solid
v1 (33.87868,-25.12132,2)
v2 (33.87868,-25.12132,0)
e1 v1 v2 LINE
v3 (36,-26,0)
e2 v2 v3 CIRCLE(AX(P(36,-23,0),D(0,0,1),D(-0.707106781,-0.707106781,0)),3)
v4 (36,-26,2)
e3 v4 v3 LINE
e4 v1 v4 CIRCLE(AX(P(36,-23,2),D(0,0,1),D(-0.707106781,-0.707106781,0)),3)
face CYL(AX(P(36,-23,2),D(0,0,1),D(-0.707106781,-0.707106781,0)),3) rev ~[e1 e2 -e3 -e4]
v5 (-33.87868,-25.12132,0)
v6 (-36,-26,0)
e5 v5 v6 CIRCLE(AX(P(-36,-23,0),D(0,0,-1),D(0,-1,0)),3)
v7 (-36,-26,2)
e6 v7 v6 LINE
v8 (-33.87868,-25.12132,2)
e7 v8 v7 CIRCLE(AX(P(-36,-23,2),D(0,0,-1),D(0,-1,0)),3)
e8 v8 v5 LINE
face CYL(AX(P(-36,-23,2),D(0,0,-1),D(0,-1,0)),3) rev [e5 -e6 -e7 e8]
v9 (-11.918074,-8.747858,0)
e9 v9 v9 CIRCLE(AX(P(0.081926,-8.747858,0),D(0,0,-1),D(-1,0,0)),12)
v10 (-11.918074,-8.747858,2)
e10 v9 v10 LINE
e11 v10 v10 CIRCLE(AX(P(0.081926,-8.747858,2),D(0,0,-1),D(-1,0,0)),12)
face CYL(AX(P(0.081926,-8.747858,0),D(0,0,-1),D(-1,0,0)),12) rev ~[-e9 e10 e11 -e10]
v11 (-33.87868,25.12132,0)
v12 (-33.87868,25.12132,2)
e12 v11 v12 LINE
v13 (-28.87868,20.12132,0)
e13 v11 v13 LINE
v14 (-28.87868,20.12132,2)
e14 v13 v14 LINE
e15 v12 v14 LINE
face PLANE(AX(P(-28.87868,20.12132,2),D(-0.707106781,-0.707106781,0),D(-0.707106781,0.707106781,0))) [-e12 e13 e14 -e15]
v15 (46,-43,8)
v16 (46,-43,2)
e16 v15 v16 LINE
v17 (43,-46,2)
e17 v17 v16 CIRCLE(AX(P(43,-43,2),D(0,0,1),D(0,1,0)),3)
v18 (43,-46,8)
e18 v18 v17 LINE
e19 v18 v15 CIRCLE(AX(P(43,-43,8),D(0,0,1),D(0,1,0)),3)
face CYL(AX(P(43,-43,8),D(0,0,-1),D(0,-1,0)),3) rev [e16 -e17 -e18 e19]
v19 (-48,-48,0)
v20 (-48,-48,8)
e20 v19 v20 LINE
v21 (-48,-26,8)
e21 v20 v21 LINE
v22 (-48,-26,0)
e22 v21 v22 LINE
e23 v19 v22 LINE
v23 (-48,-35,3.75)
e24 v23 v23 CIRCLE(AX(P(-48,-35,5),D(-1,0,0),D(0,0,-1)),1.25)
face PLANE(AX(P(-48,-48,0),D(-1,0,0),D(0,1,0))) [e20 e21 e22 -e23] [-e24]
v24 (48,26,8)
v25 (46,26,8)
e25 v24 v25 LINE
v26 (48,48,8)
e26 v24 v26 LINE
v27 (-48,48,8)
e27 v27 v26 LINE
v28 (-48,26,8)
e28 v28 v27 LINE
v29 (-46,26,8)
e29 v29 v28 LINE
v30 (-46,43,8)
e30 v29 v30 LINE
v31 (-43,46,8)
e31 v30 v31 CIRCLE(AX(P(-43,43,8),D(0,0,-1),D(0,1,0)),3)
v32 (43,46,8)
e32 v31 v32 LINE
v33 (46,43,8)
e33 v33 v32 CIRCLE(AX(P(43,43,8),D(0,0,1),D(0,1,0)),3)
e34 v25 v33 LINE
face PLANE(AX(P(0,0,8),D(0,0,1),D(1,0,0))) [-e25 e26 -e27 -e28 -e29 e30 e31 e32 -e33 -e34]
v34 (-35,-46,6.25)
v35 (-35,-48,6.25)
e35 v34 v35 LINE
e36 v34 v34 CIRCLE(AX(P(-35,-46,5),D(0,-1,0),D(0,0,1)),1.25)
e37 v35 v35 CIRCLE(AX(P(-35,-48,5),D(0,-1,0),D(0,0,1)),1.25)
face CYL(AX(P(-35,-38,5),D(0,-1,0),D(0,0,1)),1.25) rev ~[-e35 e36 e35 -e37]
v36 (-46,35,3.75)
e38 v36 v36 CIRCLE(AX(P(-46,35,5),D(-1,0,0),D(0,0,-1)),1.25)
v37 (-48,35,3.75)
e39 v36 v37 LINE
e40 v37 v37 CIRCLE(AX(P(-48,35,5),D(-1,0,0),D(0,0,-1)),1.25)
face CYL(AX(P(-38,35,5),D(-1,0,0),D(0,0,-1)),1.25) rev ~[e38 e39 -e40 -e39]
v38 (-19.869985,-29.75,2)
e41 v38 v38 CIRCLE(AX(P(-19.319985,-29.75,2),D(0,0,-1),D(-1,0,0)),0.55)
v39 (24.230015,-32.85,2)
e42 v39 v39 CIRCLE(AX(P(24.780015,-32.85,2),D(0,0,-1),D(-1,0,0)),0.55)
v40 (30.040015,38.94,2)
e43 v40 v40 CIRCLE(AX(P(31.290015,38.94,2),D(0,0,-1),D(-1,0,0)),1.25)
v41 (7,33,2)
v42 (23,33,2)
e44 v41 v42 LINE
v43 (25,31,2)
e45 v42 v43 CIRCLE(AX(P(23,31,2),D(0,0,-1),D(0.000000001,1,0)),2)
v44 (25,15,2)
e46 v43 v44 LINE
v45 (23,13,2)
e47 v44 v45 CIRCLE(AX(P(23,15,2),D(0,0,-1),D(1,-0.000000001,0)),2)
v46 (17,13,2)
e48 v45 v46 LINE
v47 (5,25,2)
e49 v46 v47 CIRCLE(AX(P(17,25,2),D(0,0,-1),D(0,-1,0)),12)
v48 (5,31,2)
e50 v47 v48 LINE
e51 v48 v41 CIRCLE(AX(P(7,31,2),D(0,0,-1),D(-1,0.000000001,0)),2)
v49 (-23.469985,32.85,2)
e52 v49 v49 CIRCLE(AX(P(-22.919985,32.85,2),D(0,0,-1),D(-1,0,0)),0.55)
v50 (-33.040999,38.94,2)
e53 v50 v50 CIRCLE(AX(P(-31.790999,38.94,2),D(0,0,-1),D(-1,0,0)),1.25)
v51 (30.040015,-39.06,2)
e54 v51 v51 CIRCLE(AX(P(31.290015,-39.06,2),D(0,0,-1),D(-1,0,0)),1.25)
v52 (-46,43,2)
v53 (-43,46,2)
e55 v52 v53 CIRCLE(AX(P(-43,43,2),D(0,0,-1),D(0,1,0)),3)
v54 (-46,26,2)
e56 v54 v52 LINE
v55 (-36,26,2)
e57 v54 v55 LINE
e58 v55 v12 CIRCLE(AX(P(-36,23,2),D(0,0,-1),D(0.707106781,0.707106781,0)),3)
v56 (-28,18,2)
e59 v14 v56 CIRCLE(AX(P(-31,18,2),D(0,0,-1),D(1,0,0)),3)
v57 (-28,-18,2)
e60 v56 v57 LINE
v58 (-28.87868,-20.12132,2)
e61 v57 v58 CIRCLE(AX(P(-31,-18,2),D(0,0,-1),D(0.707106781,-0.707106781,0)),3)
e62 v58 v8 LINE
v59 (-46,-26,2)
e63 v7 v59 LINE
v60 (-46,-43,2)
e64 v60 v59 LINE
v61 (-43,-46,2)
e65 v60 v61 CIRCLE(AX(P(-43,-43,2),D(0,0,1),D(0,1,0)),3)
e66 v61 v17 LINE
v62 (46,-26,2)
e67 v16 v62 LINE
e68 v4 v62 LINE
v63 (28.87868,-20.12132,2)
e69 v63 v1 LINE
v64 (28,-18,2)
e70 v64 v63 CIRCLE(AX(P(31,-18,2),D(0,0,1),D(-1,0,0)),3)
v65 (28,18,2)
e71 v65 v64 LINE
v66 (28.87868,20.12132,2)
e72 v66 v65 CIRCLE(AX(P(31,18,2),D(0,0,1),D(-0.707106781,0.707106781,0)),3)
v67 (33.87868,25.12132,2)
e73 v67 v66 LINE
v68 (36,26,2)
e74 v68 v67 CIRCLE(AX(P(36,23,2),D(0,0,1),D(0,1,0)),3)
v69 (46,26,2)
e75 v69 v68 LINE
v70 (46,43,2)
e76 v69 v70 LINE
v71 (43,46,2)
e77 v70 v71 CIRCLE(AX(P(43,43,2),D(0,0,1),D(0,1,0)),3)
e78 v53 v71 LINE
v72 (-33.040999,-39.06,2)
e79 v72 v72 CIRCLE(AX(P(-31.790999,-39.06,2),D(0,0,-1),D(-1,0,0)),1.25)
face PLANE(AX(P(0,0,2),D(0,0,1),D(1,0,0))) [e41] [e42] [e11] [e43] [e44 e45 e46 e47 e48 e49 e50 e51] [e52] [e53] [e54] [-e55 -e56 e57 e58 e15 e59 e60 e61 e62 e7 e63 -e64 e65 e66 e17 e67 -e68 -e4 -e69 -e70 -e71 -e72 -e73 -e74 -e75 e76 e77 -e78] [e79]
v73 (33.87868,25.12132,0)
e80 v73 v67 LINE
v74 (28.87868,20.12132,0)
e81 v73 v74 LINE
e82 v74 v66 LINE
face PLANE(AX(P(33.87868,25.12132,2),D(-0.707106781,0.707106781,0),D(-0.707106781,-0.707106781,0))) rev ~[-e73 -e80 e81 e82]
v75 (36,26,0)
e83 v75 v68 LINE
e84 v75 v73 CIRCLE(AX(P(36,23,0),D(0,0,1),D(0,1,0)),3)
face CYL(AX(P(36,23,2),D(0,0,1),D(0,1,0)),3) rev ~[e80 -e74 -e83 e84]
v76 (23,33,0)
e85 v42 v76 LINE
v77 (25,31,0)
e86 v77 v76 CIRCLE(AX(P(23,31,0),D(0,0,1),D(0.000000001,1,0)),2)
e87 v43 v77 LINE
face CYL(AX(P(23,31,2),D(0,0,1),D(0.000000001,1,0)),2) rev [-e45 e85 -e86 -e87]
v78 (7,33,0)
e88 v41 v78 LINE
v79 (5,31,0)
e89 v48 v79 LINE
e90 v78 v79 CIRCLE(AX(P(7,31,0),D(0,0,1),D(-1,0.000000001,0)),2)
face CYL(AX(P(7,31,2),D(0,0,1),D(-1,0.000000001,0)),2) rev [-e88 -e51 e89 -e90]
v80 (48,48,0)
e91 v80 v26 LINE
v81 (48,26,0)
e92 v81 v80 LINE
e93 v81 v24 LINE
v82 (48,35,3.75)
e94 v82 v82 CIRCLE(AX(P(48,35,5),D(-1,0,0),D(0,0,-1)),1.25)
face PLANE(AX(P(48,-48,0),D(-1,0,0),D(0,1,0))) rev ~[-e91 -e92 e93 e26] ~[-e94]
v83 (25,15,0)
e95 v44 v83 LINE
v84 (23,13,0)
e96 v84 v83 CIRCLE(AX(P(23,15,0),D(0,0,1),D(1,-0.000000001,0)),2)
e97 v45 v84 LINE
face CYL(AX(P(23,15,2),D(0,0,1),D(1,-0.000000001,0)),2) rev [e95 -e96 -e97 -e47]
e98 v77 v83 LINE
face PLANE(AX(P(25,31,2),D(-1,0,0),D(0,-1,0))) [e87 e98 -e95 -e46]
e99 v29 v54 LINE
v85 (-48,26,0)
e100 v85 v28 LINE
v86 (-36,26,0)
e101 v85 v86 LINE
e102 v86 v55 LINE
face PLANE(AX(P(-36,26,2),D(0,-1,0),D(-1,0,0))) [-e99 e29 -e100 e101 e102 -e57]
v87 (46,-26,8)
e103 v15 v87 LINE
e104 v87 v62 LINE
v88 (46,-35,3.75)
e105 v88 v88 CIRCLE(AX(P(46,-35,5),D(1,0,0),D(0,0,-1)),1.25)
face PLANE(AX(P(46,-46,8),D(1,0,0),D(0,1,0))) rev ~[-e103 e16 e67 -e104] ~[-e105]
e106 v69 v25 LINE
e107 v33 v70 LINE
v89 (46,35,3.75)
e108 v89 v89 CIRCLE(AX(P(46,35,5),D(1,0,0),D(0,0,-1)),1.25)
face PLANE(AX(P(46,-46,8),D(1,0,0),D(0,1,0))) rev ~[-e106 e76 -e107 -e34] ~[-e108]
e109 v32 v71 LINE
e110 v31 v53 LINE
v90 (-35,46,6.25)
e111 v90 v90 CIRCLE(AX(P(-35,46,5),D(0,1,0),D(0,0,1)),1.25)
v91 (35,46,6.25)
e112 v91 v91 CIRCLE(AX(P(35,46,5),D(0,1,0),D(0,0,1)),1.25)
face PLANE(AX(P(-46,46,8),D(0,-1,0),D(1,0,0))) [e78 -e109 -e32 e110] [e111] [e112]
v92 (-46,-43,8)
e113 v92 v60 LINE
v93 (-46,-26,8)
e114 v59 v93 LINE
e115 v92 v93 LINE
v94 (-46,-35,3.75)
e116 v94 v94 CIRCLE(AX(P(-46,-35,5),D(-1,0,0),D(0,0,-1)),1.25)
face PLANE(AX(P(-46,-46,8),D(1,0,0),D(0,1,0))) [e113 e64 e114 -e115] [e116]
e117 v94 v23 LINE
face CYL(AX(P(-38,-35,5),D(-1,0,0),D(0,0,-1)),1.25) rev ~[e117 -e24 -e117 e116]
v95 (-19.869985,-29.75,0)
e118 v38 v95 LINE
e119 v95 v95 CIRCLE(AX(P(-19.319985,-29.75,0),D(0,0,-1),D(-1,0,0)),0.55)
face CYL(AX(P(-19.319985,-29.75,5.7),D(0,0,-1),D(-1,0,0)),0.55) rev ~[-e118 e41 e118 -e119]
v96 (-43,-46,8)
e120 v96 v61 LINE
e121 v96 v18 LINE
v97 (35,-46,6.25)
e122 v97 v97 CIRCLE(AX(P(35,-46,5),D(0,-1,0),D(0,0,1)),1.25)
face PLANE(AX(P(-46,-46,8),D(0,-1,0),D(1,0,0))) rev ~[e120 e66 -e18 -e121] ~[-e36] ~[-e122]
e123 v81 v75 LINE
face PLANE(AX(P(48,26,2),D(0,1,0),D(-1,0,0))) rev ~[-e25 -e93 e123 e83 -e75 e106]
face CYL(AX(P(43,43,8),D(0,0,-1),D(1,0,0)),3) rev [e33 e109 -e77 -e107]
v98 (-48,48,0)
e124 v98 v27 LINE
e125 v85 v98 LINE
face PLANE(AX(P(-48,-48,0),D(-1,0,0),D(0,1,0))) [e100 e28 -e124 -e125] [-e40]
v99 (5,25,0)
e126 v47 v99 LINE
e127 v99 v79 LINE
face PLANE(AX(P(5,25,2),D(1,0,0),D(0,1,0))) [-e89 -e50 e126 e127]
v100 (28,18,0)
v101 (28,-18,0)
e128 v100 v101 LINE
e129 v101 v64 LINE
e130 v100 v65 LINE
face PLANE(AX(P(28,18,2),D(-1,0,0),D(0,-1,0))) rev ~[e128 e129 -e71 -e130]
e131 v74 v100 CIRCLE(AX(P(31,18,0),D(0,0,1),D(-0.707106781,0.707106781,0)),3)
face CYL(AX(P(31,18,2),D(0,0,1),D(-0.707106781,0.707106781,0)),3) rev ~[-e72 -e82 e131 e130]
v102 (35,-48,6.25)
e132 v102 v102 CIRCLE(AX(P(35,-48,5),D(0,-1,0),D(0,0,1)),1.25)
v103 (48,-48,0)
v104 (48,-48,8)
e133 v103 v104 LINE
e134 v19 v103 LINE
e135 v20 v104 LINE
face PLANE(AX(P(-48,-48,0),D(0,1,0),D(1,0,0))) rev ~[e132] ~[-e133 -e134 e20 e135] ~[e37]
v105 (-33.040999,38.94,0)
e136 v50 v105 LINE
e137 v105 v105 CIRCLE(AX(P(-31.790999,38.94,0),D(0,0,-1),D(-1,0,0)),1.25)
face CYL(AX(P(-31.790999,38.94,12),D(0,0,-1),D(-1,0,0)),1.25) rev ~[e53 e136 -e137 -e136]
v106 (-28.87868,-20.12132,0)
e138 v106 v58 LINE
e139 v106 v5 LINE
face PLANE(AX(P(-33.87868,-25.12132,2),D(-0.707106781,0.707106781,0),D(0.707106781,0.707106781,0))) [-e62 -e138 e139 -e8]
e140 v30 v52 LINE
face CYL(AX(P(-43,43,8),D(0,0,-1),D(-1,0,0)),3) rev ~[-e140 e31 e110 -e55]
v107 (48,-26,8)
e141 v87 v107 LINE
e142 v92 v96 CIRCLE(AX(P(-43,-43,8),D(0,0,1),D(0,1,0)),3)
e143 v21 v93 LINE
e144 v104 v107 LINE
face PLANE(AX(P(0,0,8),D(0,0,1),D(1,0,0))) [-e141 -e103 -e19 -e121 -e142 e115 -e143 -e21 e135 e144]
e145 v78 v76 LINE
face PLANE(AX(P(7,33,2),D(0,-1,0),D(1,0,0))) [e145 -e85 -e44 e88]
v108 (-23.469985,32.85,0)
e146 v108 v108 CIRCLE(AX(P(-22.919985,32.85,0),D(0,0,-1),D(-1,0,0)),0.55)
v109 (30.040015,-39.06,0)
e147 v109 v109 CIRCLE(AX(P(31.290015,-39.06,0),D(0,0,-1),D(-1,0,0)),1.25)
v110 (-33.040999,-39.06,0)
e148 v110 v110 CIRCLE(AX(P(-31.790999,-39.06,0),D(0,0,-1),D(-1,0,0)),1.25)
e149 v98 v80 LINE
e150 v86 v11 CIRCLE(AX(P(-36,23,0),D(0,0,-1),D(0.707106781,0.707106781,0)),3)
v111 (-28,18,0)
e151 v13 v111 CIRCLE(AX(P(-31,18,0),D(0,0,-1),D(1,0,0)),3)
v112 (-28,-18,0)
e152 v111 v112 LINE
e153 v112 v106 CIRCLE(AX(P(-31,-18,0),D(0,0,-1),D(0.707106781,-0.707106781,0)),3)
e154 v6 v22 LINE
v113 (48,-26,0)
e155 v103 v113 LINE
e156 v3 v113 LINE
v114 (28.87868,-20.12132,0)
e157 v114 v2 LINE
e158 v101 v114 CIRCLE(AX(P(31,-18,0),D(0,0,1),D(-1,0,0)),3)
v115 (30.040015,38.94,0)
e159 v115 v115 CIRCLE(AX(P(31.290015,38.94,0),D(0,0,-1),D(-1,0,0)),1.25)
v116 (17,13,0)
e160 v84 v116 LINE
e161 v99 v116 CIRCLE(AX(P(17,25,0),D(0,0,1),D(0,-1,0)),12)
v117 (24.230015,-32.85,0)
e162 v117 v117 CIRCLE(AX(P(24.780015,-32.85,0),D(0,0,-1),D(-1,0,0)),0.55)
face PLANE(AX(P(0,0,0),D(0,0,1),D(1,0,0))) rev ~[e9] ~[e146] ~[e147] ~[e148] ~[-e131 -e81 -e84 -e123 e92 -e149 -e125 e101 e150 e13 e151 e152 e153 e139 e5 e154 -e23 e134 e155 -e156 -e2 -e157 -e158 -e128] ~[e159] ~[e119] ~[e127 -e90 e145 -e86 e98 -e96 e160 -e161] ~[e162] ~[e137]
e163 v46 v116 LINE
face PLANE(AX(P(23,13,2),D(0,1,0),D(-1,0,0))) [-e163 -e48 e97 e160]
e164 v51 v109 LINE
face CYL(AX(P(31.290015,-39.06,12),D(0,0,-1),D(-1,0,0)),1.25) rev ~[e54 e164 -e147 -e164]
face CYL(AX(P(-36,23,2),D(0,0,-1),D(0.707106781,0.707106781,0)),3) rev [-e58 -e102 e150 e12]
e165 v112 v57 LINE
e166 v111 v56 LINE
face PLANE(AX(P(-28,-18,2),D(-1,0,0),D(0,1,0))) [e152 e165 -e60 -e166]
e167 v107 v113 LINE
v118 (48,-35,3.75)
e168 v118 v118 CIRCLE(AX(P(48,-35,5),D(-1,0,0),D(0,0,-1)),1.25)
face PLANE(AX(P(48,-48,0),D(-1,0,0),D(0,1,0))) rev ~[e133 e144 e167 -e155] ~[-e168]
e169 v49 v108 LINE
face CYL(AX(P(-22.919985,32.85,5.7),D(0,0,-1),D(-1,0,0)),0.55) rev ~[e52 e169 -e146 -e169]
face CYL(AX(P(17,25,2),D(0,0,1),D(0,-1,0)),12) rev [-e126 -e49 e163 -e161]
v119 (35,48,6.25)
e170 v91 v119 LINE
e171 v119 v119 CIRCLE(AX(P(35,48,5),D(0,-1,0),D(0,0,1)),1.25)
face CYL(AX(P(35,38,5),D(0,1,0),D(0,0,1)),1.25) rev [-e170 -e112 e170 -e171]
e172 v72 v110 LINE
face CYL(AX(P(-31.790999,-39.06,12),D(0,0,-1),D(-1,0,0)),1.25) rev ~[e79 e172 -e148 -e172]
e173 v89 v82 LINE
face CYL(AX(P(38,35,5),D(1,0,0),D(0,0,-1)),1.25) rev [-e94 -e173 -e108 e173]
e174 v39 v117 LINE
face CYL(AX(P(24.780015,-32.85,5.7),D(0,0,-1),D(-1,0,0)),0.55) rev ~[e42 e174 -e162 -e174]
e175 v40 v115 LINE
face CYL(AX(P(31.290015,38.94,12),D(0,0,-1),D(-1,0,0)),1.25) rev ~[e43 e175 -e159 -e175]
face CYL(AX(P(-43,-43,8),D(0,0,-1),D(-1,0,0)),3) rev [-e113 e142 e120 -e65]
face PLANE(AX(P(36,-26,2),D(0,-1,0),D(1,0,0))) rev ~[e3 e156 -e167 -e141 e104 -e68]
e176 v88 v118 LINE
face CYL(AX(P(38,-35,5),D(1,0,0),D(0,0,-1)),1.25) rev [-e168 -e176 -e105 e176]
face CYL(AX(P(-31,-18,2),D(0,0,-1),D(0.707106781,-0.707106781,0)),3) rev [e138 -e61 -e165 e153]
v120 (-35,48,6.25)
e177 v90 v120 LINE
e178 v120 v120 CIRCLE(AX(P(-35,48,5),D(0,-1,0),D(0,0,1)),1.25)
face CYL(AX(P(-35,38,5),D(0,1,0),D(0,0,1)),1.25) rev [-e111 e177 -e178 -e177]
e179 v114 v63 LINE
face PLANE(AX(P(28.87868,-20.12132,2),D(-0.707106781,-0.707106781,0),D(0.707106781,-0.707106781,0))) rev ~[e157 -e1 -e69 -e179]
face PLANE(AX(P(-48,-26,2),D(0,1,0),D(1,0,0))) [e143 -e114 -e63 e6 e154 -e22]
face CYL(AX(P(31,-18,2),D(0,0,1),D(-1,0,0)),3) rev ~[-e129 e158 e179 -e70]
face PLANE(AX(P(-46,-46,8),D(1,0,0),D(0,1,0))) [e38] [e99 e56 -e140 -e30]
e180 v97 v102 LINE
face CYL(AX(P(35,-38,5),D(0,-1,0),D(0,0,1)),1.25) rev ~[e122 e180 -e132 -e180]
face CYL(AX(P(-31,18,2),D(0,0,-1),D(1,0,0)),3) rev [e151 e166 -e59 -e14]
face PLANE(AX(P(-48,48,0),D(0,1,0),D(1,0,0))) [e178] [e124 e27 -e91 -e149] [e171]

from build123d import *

# Parameters (mm, degrees)
SKETCH1_W                      = 96
SKETCH1_H                      = 96
BOSS_EXTRUDE1_DEPTH            = 8
SKETCH2_W                      = 92
SKETCH2_H                      = 92
COMPONENT_PLATFORM_DEPTH       = 6
CABLE_SLOTS_DEPTH              = 6
INNER_CORNER_FILLETS_R         = 3
M3X0_5_TAPPED_HOLE1_AT_2_COUNT = 2
M3X0_5_TAPPED_HOLE1_AT_2_PITCH = 70
M3X0_5_TAPPED_HOLE2_AT_2_COUNT = 2
M3X0_5_TAPPED_HOLE2_AT_2_PITCH = 70
M1_4X0_3_TAPPED_HOLE1_D        = 1.1
M1_4X0_3_TAPPED_HOLE1_DEPTH    = 3.7
M1_4X0_3_TAPPED_HOLE1_TIP      = 0.33047334
SKETCH29_R                     = 12
HDD_EXTRUSION_CUTOUT_DEPTH     = 10
HDD_EXTRUSION_CUTOUT_2_DEPTH   = 10
M3X0_5_TAPPED_HOLE3_D          = 2.5
M3X0_5_TAPPED_HOLE3_DEPTH      = 10
M3X0_5_TAPPED_HOLE3_TIP        = 0.751075774


with BuildPart() as part:
    # Sketch1 → Boss-Extrude1 (new body)
    with BuildSketch(Plane.XY):
        Rectangle(SKETCH1_W, SKETCH1_H)
    extrude(amount=BOSS_EXTRUDE1_DEPTH)

    # Sketch2 → Component Platform (cut)
    with BuildSketch(Plane.XY.offset(8)):
        Rectangle(SKETCH2_W, SKETCH2_H)
    extrude(amount=-COMPONENT_PLATFORM_DEPTH, mode=Mode.SUBTRACT)

    # Sketch3 → Cable Slots (cut, symmetric)
    with BuildSketch(Plane.XY.offset(2)):
        with BuildLine():
            Line((-33.878679656, -25.121320344), (-28.878679656, -20.121320344))
            ThreePointArc((-28.878679656, -20.121320344), (-28.228361402, -19.148050297), (-28, -18))
            Line((-28, -18), (-28, 18))
            ThreePointArc((-28, 18), (-28.228361402, 19.148050297), (-28.878679656, 20.121320344))
            Line((-28.878679656, 20.121320344), (-33.878679656, 25.121320344))
            ThreePointArc((-33.878679656, 25.121320344), (-34.851949703, 25.771638598), (-36, 26))
            Line((-36, 26), (-48, 26))
            Line((-48, 26), (-48, -26))
            Line((-48, -26), (-36, -26))
            ThreePointArc((-36, -26), (-34.851949703, -25.771638598), (-33.878679656, -25.121320344))
        make_face()
        with BuildLine():
            Line((48, -26), (48, 26))
            Line((48, 26), (36, 26))
            ThreePointArc((36, 26), (34.851949703, 25.771638598), (33.878679656, 25.121320344))
            Line((33.878679656, 25.121320344), (28.878679656, 20.121320344))
            ThreePointArc((28.878679656, 20.121320344), (28.228361402, 19.148050297), (28, 18))
            Line((28, 18), (28, -18))
            ThreePointArc((28, -18), (28.228361402, -19.148050297), (28.878679656, -20.121320344))
            Line((28.878679656, -20.121320344), (33.878679656, -25.121320344))
            ThreePointArc((33.878679656, -25.121320344), (34.851949703, -25.771638598), (36, -26))
            Line((36, -26), (48, -26))
        make_face()
    extrude(amount=CABLE_SLOTS_DEPTH, both=True, mode=Mode.SUBTRACT)

    # Inner Corner Fillets
    inner_corner_fillets_edges = [part.edges().sort_by_distance(p)[0] for p in [
        (-46, -46, 5),
        (-46, 46, 5),
        (46, 46, 5),
        (46, -46, 5),
    ]]
    fillet(inner_corner_fillets_edges, radius=INNER_CORNER_FILLETS_R)

    # Sketch14 → M3x0.5 Tapped Hole1 (revolve, cut)
    with BuildSketch(Plane(origin=(48, -35, 5), x_dir=(0, 0, -1), z_dir=(0, 1, 0))):
        Polygon((0, 0), (0, 10.751075774), (1.25, 10), (1.25, 0), align=None)
    m3x0_5_tapped_hole1 = revolve(axis=Axis((54.35, -35, 5), (-1, 0, 0)), mode=Mode.SUBTRACT)

    # M3x0.5 Tapped Hole1 at 2: M3x0.5 Tapped Hole1 ×2
    with Locations(*[(0, i * M3X0_5_TAPPED_HOLE1_AT_2_PITCH, 0) for i in range(1, M3X0_5_TAPPED_HOLE1_AT_2_COUNT)]):
        add(m3x0_5_tapped_hole1, mode=Mode.SUBTRACT)

    # Sketch16 → M3x0.5 Tapped Hole2 (revolve, cut)
    with BuildSketch(Plane(origin=(35, 48, 5), x_dir=(0, 0, 1), z_dir=(1, 0, 0))):
        Polygon((0, 0), (0, 10.751075774), (1.25, 10), (1.25, 0), align=None)
    m3x0_5_tapped_hole2 = revolve(axis=Axis((35, 54.35, 5), (0, -1, 0)), mode=Mode.SUBTRACT)

    # M3x0.5 Tapped Hole2 at 2: M3x0.5 Tapped Hole2 ×2
    with Locations(*[(-i * M3X0_5_TAPPED_HOLE2_AT_2_PITCH, 0, 0) for i in range(1, M3X0_5_TAPPED_HOLE2_AT_2_COUNT)]):
        add(m3x0_5_tapped_hole2, mode=Mode.SUBTRACT)

    # Mirror1: M3x0.5 Tapped Hole1 across plane
    add(m3x0_5_tapped_hole1.mirror(Plane(origin=(0, 0, 0), x_dir=(0, 0, 1), z_dir=(1, 0, 0))), mode=Mode.SUBTRACT)

    # Mirror1 copy 1 sketch → Mirror1 copy 1 (revolve, cut)
    with BuildSketch(Plane(origin=(-48, 35, 5), x_dir=(0, 0, -1), z_dir=(0, 1, 0))):
        Polygon((0, 0), (0, -10.751075774), (1.25, -10), (1.25, 0), align=None)
    revolve(axis=Axis((-54.35, 35, 5), (-1, 0, 0)), mode=Mode.SUBTRACT)

    # Mirror2: M3x0.5 Tapped Hole2 across plane
    add(m3x0_5_tapped_hole2.mirror(Plane(origin=(0, 0, 0), x_dir=(0, 0, 1), z_dir=(0, -1, 0))), mode=Mode.SUBTRACT)

    # Mirror2 copy 1 sketch → Mirror2 copy 1 (revolve, cut)
    with BuildSketch(Plane(origin=(-35, -48, 5), x_dir=(0, 0, 1), z_dir=(1, 0, 0))):
        Polygon((0, 0), (0, -10.751075774), (1.25, -10), (1.25, 0), align=None)
    revolve(axis=Axis((-35, -54.35, 5), (0, -1, 0)), mode=Mode.SUBTRACT)

    # M1.4x0.3 Tapped Hole1
    with Locations(Plane.XY.offset(2)):
        with Locations((-19.31998517, -29.75), (24.78001483, -32.85), (-22.91998517, 32.85)):
            Hole(M1_4X0_3_TAPPED_HOLE1_D / 2, depth=M1_4X0_3_TAPPED_HOLE1_DEPTH)
            with Locations((0, 0, -(M1_4X0_3_TAPPED_HOLE1_DEPTH + M1_4X0_3_TAPPED_HOLE1_TIP / 2))):  # 118° drill point
                Cone(0, M1_4X0_3_TAPPED_HOLE1_D / 2, M1_4X0_3_TAPPED_HOLE1_TIP, mode=Mode.SUBTRACT)

    # Sketch29 → HDD Extrusion Cutout (cut)
    with BuildSketch(Plane(origin=(0, 0, 0), x_dir=(-1, 0, 0), z_dir=(0, 0, -1))):
        with Locations((-0.08192631, -8.74785827)):
            Circle(SKETCH29_R)
    extrude(amount=-HDD_EXTRUSION_CUTOUT_DEPTH, mode=Mode.SUBTRACT)

    # Sketch9 → HDD Extrusion Cutout 2 (cut)
    with BuildSketch(Plane.XY.offset(2)):
        with BuildLine():
            Line((25, 31), (25, 15))
            ThreePointArc((25, 15), (24.414213562, 13.585786438), (23, 13))
            Line((23, 13), (17, 13))
            ThreePointArc((17, 13), (8.514718626, 16.514718626), (5, 25))
            Line((5, 25), (5, 31))
            ThreePointArc((5, 31), (5.585786438, 32.414213562), (7, 33))
            Line((7, 33), (23, 33))
            ThreePointArc((23, 33), (24.414213562, 32.414213562), (25, 31))
        make_face()
    extrude(amount=-HDD_EXTRUSION_CUTOUT_2_DEPTH, mode=Mode.SUBTRACT)

    # M3x0.5 Tapped Hole3
    with Locations(Plane.XY.offset(2)):
        with Locations((-31.790998517, -39.06), (31.29001483, -39.06), (31.29001483, 38.94), (-31.790998517, 38.94)):
            Hole(M3X0_5_TAPPED_HOLE3_D / 2, depth=M3X0_5_TAPPED_HOLE3_DEPTH)
            with Locations((0, 0, -(M3X0_5_TAPPED_HOLE3_DEPTH + M3X0_5_TAPPED_HOLE3_TIP / 2))):  # 118° drill point
                Cone(0, M3X0_5_TAPPED_HOLE3_D / 2, M3X0_5_TAPPED_HOLE3_TIP, mode=Mode.SUBTRACT)


solid = part.part
